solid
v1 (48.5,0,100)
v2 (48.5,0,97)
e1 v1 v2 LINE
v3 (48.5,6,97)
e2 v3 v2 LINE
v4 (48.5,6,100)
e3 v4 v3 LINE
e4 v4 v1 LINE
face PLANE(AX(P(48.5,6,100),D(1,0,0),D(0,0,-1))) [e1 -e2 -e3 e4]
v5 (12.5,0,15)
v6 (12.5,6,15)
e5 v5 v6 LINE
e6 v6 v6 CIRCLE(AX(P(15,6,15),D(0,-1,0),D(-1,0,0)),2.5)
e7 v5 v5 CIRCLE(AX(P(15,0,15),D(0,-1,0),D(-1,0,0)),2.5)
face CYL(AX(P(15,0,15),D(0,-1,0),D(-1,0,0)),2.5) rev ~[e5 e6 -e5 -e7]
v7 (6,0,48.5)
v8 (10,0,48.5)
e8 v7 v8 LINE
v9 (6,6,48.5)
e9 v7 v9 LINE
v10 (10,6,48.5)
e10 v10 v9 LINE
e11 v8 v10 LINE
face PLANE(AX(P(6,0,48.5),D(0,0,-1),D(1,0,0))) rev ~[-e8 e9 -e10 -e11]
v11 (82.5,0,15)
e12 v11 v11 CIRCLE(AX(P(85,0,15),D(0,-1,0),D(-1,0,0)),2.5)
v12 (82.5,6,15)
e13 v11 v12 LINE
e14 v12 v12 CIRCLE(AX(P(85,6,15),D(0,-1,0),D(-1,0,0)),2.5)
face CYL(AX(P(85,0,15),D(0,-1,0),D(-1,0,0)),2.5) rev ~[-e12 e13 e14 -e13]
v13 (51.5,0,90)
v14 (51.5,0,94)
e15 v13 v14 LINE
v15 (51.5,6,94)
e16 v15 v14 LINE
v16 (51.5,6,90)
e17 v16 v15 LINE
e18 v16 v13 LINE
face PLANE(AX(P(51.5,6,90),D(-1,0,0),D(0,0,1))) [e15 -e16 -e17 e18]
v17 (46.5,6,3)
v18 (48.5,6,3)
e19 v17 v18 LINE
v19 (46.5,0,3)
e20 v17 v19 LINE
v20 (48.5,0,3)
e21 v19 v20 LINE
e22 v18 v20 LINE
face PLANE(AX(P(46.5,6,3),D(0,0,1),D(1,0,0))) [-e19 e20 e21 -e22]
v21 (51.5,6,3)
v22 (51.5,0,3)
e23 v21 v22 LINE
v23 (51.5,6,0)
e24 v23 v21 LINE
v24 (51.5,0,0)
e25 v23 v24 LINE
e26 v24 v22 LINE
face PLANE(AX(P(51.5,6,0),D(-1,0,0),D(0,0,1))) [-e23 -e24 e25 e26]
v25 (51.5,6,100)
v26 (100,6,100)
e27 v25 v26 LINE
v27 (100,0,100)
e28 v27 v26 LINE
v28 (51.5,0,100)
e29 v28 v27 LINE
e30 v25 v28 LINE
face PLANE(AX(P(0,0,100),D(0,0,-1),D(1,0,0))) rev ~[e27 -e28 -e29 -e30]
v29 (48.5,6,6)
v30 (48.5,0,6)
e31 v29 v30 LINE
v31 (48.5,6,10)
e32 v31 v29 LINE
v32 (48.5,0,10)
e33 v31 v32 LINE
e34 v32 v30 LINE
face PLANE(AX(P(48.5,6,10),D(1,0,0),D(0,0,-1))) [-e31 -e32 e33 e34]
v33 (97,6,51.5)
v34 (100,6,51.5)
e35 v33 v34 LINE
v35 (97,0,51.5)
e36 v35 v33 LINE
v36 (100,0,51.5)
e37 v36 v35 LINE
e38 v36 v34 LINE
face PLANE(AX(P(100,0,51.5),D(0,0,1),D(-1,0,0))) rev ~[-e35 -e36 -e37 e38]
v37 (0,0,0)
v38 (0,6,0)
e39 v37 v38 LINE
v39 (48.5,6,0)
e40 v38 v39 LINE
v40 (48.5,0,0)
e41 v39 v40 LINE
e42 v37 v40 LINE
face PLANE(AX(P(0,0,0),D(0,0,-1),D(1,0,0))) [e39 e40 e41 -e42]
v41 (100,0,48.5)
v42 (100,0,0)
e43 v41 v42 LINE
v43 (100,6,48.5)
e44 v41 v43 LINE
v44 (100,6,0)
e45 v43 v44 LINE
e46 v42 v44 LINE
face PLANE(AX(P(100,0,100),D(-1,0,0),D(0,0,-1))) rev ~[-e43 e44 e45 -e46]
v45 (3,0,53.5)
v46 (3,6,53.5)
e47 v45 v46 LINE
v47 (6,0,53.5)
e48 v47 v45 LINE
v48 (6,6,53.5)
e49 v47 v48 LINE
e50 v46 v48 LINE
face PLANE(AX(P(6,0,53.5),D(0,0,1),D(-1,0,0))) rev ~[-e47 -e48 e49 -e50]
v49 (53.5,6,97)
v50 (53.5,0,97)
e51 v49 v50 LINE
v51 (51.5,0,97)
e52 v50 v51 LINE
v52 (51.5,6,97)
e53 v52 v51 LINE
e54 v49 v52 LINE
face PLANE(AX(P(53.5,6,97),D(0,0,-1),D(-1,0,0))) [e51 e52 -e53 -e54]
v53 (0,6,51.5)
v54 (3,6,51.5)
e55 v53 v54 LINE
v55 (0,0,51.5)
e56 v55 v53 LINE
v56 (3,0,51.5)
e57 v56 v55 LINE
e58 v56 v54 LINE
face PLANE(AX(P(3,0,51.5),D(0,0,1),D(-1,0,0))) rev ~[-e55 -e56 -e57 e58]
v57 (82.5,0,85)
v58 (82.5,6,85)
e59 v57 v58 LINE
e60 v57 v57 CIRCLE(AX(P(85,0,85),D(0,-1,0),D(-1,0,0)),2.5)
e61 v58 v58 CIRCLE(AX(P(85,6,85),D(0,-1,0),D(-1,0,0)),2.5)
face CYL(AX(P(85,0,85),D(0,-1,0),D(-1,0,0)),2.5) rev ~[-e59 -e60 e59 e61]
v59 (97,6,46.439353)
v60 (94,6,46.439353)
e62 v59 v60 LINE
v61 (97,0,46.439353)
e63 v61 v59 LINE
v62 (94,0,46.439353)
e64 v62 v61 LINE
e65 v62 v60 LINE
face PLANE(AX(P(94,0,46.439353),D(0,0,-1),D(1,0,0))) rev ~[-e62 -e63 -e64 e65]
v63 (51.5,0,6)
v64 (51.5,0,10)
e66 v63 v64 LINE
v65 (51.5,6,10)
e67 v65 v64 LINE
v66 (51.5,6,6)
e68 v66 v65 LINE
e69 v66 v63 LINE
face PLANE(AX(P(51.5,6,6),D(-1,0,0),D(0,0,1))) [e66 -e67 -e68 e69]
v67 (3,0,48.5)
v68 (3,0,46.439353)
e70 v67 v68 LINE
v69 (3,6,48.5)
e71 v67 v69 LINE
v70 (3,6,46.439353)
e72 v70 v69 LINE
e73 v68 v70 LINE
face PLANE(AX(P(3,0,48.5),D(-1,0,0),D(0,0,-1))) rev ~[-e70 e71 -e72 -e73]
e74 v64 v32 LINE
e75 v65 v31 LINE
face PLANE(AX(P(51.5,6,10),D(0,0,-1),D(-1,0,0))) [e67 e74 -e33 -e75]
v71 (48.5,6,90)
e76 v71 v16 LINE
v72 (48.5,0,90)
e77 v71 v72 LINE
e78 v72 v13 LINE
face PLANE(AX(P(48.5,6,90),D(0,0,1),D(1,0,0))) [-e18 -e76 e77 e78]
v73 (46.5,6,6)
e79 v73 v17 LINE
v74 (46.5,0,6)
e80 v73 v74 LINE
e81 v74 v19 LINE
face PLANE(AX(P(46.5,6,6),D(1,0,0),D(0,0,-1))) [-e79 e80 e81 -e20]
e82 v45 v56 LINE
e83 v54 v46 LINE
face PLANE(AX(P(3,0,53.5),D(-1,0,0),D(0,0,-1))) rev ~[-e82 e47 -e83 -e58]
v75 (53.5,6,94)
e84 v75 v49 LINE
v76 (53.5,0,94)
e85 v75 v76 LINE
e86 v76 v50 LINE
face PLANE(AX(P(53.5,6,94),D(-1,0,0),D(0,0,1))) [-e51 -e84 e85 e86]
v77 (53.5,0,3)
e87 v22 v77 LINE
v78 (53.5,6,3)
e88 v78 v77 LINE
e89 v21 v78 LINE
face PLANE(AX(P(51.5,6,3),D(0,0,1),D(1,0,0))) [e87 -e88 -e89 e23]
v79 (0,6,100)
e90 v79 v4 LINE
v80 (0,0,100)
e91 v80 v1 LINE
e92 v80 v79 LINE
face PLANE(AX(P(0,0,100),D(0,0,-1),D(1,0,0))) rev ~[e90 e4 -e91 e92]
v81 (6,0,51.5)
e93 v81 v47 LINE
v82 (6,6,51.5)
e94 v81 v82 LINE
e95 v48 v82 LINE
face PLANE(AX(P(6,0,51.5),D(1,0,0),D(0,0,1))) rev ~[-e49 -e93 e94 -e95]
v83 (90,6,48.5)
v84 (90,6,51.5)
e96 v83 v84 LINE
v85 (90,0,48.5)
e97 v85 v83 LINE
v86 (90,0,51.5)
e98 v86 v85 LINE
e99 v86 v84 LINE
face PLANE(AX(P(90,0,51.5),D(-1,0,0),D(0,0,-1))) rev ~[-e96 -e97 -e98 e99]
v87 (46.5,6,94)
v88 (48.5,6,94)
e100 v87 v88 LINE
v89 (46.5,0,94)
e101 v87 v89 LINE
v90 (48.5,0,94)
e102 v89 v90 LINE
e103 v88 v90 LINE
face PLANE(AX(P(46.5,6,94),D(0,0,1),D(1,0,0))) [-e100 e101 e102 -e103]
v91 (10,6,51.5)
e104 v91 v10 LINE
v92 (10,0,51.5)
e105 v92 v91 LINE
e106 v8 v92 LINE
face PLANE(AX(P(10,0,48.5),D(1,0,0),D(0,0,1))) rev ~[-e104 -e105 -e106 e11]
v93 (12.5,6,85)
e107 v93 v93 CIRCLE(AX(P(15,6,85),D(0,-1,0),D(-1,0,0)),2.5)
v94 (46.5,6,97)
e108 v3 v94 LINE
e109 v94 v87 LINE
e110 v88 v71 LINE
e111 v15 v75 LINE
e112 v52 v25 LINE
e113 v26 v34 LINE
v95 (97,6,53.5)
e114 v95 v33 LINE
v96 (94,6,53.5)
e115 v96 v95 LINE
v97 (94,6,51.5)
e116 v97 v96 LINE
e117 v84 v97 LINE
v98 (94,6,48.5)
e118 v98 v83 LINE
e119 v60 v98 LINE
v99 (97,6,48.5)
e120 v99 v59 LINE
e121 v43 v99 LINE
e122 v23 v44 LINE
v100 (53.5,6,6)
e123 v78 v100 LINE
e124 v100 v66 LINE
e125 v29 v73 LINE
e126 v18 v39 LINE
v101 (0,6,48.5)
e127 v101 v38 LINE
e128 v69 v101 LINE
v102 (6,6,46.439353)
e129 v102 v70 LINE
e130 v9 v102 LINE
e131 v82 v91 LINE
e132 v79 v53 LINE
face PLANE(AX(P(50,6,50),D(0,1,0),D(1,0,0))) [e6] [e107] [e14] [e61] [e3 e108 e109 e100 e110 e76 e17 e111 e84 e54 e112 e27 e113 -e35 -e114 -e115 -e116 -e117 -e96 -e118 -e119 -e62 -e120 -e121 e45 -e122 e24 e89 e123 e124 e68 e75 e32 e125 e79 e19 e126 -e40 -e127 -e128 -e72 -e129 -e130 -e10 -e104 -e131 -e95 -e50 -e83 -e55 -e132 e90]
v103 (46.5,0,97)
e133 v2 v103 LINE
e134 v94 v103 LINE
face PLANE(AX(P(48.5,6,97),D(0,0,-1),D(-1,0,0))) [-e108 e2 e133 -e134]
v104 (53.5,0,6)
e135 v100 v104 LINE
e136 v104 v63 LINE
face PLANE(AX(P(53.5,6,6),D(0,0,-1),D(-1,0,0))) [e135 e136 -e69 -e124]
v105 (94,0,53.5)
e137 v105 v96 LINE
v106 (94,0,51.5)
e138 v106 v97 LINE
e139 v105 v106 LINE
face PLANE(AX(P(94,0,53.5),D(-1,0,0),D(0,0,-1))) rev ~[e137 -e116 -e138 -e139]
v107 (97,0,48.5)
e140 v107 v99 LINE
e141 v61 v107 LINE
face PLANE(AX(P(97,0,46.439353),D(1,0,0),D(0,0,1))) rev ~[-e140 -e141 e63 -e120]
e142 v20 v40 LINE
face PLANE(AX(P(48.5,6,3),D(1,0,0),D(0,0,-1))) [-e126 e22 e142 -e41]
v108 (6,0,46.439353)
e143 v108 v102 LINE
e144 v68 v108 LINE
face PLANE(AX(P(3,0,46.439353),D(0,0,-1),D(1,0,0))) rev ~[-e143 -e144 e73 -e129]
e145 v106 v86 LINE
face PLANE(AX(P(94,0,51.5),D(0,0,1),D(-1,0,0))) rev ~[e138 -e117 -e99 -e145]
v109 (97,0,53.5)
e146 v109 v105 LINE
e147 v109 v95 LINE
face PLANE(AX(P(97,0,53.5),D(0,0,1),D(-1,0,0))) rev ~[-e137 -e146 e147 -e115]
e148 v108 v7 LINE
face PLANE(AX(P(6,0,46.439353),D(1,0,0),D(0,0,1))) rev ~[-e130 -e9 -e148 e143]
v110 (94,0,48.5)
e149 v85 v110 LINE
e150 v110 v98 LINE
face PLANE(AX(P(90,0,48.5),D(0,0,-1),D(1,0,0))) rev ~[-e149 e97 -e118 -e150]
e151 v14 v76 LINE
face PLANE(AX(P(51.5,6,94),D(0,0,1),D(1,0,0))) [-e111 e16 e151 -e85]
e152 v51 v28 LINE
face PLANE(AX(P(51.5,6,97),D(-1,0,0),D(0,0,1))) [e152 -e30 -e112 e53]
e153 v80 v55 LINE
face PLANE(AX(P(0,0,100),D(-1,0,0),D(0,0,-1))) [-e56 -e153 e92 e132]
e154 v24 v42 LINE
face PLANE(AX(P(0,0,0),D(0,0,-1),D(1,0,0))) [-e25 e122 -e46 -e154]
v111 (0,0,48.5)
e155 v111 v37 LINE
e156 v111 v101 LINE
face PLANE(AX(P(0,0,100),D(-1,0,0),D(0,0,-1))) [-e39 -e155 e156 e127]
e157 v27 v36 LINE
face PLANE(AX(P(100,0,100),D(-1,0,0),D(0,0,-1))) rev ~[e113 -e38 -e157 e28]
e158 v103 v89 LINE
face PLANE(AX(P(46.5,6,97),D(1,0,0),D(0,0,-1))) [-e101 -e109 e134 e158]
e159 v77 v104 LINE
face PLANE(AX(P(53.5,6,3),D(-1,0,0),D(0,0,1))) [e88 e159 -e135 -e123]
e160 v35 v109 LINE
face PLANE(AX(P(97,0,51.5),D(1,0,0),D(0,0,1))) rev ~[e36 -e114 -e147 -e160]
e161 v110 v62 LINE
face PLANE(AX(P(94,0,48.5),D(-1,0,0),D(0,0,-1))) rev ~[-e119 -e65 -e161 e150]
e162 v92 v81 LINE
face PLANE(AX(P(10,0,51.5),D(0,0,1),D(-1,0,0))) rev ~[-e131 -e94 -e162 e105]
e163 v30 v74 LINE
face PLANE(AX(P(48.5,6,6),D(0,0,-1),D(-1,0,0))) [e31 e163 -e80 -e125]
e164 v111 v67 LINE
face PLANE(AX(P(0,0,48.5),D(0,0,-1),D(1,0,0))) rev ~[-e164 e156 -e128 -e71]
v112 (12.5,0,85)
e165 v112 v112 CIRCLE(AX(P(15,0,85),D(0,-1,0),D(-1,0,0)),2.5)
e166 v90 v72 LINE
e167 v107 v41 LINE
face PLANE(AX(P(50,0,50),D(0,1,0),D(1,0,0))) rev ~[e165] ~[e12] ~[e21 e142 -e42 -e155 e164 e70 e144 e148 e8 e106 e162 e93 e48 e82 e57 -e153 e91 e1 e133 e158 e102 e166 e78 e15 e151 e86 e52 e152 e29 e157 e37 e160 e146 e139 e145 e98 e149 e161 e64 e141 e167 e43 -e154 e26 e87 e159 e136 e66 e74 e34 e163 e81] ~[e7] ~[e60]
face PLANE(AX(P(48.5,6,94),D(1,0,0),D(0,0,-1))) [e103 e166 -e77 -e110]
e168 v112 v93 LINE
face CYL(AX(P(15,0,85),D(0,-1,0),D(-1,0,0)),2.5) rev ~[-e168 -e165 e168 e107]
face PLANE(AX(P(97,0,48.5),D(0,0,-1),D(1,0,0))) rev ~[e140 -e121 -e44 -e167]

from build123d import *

# Parameters (mm, degrees)
SKETCH1_W           = 100
SKETCH1_H           = 100
BOSS_EXTRUDE1_DEPTH = 6
CUT_EXTRUDE1_DEPTH  = 7
SKETCH4_R           = 2.5
CUT_EXTRUDE3_DEPTH  = 7
CUT_EXTRUDE4_DEPTH  = 10


with BuildPart() as part:
    # Sketch1 → Boss-Extrude1 (new body)
    with BuildSketch(Plane(origin=(0, 0, 0), x_dir=(1, 0, 0), z_dir=(0, 1, 0))):
        with Locations((50, -50)):
            Rectangle(SKETCH1_W, SKETCH1_H)
    extrude(amount=BOSS_EXTRUDE1_DEPTH)

    # Sketch2 → Cut-Extrude1 (cut, through all)
    with BuildSketch(Plane(origin=(0, 6, 0), x_dir=(1, 0, 0), z_dir=(0, 1, 0))):
        Polygon((48.5, 0), (51.5, 0), (51.5, -3), (53.5, -3), (53.5, -6), (51.5, -6), (51.5, -10), (48.5, -10), (48.5, -6), (46.5, -6), (46.5, -3), (48.5, -3), align=None)
        Polygon((48.5, -100), (48.5, -97), (46.5, -97), (46.5, -94), (48.5, -94), (48.5, -90), (51.5, -90), (51.5, -94), (53.5, -94), (53.5, -97), (51.5, -97), (51.5, -100), align=None)
    extrude(amount=-CUT_EXTRUDE1_DEPTH, mode=Mode.SUBTRACT)

    # Sketch4 → Cut-Extrude3 (cut, through all)
    with BuildSketch(Plane(origin=(0, 0, 0), x_dir=(-1, 0, 0), z_dir=(0, -1, 0))):
        with Locations((-15, -85)):
            Circle(SKETCH4_R)
        with Locations((-85, -85)):
            Circle(SKETCH4_R)
        with Locations((-85, -15)):
            Circle(SKETCH4_R)
        with Locations((-15, -15)):
            Circle(SKETCH4_R)
    extrude(amount=-CUT_EXTRUDE3_DEPTH, mode=Mode.SUBTRACT)

    # Sketch5 → Cut-Extrude4 (cut)
    with BuildSketch(Plane.XZ):
        Polygon((0, 51.193613504), (0, 50), (0, 48.5), (3, 48.5), (3, 46.439353032), (6, 46.439353032), (6, 48.5), (10, 48.5), (10, 50), (10, 51.5), (6, 51.5), (6, 53.5), (3, 53.5), (3, 51.5), (0, 51.5), align=None)
        Polygon((100, 48.5), (100, 50), (100, 51.5), (97, 51.5), (97, 53.5), (94, 53.5), (94, 51.5), (90, 51.5), (90, 50), (90, 48.5), (94, 48.5), (94, 46.439353032), (97, 46.439353032), (97, 48.5), align=None)
    extrude(amount=-CUT_EXTRUDE4_DEPTH, mode=Mode.SUBTRACT)


solid = part.part
